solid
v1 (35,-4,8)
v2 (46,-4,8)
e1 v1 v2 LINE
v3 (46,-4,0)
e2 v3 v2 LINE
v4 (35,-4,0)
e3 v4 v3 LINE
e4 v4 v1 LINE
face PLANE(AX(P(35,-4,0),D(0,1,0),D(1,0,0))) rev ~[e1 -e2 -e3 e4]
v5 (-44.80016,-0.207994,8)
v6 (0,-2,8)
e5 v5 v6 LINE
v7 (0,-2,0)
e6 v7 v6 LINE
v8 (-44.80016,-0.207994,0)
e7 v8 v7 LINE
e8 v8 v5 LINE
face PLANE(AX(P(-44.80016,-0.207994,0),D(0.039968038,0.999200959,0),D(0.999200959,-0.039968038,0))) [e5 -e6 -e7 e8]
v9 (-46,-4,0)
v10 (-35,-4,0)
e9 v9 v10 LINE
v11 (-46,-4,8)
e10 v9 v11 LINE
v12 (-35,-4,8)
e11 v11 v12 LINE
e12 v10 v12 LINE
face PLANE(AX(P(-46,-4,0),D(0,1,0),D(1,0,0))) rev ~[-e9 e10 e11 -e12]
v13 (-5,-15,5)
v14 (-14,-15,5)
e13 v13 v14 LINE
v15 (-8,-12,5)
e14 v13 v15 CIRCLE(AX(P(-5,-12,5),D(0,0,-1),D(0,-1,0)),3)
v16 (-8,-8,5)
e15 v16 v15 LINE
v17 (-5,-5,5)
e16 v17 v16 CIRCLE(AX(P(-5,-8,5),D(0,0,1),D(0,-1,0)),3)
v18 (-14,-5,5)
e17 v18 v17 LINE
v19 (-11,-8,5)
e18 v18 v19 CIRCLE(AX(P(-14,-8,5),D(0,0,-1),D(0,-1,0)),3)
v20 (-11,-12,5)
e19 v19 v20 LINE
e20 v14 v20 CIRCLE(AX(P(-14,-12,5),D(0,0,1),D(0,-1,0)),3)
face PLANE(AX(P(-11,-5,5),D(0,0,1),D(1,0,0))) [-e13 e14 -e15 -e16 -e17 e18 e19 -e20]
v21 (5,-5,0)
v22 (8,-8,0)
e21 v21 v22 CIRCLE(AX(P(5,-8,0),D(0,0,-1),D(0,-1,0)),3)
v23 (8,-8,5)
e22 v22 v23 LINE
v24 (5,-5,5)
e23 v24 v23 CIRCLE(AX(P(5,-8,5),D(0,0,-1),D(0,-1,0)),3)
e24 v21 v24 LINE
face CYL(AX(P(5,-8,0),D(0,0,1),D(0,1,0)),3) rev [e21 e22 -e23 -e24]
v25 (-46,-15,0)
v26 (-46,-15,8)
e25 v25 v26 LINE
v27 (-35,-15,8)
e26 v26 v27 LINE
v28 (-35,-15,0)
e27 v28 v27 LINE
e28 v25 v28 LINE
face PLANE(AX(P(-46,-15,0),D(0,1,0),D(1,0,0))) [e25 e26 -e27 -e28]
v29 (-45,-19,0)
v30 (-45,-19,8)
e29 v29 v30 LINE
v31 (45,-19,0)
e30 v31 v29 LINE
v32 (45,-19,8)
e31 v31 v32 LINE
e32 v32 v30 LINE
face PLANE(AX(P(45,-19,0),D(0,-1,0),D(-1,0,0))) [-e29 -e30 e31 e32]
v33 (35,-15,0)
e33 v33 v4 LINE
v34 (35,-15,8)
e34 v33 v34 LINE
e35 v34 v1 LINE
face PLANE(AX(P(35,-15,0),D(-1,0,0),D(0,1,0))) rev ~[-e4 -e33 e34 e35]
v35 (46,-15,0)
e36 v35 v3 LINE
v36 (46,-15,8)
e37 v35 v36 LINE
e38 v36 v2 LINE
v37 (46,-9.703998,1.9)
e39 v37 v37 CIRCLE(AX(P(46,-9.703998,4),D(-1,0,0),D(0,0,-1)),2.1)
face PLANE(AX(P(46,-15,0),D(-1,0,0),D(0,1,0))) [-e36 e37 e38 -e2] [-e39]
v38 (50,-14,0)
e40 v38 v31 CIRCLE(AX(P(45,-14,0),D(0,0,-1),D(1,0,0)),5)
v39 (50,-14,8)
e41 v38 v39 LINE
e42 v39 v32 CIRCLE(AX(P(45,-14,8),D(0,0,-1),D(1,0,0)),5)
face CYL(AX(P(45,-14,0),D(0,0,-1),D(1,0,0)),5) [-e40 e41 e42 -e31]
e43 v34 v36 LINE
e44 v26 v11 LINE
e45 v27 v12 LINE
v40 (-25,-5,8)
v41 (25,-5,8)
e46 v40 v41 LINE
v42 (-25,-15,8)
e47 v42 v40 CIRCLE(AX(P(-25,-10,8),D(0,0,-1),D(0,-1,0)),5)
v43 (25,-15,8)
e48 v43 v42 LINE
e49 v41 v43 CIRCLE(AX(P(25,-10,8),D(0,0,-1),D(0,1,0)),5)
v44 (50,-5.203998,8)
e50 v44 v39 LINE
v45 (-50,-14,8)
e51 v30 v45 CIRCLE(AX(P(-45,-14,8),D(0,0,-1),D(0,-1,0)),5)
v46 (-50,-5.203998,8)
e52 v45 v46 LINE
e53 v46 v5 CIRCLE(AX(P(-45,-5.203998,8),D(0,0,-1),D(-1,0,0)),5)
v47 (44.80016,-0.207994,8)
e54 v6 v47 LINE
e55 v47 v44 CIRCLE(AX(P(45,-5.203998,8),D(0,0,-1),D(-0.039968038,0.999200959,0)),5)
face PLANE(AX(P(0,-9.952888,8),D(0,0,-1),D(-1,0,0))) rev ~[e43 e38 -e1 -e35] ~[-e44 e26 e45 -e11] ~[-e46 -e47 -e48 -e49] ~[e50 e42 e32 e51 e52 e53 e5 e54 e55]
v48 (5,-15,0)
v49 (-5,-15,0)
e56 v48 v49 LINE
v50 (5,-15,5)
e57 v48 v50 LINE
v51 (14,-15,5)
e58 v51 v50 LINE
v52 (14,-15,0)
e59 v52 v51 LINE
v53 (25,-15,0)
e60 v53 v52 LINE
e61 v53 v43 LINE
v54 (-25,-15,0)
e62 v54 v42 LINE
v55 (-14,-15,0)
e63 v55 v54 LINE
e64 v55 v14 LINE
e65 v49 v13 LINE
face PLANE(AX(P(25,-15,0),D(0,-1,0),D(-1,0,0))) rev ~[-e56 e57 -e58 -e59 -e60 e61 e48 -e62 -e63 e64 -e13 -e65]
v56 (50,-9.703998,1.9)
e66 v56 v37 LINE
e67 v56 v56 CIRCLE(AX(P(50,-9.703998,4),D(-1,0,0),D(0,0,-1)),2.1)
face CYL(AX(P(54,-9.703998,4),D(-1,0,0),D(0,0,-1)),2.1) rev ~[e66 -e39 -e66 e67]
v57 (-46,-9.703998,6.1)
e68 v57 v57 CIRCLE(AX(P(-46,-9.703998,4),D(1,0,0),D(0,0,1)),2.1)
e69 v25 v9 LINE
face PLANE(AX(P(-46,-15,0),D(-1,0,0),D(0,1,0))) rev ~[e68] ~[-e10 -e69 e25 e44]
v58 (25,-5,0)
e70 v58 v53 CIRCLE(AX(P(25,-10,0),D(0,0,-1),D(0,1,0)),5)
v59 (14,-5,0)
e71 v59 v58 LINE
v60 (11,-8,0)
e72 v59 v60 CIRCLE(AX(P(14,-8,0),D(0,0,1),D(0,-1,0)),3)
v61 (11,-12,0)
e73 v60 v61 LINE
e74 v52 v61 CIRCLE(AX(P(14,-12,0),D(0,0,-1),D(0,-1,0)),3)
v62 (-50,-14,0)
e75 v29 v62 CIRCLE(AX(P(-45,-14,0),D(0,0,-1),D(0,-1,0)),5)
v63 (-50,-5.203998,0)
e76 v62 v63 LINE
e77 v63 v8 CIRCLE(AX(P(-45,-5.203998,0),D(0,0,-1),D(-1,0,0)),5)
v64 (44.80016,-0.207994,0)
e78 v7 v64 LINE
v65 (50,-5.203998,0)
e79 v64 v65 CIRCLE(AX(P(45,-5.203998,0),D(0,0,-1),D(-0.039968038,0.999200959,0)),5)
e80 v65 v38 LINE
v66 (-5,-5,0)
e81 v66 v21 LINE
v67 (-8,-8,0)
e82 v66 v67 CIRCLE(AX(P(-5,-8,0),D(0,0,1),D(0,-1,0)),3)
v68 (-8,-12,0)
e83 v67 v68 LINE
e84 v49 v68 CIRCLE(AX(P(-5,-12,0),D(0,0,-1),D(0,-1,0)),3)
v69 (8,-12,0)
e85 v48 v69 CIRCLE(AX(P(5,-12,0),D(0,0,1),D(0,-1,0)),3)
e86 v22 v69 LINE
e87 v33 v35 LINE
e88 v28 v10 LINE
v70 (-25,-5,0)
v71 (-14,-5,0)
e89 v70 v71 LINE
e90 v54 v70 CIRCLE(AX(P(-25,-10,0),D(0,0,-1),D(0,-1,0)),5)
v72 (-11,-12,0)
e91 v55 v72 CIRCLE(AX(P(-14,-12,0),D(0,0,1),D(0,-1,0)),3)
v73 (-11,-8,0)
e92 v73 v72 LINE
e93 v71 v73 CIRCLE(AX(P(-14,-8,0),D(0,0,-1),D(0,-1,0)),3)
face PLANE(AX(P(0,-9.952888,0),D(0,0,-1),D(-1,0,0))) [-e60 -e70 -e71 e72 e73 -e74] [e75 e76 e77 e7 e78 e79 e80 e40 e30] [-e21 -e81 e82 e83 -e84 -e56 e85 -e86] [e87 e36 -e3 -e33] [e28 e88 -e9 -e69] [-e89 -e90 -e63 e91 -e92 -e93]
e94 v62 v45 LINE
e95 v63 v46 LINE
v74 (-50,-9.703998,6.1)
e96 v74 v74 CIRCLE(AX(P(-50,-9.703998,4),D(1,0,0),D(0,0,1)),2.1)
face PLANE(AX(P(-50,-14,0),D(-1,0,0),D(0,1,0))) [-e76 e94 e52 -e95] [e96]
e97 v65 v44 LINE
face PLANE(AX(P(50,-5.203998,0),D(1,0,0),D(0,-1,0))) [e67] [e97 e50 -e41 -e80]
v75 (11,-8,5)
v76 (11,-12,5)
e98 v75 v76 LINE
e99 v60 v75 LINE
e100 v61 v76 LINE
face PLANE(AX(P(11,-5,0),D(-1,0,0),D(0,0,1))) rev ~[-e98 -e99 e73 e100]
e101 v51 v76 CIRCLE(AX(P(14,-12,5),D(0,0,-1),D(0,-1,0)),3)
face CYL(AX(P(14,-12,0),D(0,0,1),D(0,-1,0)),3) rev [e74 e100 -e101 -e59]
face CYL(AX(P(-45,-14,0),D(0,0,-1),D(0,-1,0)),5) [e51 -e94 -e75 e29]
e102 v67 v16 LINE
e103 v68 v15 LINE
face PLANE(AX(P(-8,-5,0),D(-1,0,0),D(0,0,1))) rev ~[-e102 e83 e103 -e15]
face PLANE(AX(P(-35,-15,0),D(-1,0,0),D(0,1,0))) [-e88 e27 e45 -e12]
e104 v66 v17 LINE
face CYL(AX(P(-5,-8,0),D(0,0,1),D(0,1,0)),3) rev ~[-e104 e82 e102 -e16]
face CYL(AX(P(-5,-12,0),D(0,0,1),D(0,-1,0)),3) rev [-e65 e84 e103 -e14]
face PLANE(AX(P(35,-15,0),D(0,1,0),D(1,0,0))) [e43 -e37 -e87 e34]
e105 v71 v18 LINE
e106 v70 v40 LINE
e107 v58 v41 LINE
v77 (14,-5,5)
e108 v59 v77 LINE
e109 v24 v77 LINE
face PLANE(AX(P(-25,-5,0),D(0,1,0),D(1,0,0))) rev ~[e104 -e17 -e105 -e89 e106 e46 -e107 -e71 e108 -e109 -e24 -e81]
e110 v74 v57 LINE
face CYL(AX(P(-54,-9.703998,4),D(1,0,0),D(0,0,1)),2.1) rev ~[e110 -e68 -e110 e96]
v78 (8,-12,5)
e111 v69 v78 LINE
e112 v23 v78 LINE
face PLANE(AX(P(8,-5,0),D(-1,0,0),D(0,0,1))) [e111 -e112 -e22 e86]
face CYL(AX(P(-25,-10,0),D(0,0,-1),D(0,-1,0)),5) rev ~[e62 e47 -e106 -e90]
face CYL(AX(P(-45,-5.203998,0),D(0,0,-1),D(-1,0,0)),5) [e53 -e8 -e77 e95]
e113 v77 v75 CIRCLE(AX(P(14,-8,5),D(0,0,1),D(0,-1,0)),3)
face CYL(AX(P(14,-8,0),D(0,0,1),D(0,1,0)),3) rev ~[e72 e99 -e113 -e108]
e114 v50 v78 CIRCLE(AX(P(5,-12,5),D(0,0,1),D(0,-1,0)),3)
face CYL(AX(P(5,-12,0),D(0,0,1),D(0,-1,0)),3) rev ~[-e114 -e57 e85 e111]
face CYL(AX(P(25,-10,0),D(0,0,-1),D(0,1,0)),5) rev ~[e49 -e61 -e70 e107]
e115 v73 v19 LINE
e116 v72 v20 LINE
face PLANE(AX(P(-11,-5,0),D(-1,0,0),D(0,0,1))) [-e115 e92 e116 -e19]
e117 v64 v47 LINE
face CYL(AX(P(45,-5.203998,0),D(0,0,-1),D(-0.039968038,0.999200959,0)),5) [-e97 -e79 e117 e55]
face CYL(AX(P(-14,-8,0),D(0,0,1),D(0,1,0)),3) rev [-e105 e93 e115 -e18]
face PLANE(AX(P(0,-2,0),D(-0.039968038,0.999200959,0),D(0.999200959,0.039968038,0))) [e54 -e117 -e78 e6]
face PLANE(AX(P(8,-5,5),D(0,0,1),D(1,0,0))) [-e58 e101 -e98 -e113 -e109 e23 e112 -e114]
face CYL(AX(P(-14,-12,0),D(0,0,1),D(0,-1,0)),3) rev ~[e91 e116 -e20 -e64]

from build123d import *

# Parameters (mm, degrees)
SKETCH1_W                       = 11
SKETCH1_H                       = 11
BOSS_EXTRUDE1_DEPTH             = 8
BOSS_EXTRUDE2_REACH             = 16
SKETCH2_W                       = 3
SKETCH2_H                       = 5
FILLET1_R                       = 3
M5_TAPPED_HOLE1_D               = 4.2
M5_TAPPED_HOLE1_DEPTH           = 4
M5_TAPPED_HOLE1_ON_FACE_2_D     = 4.2
M5_TAPPED_HOLE1_ON_FACE_2_DEPTH = 4


with BuildPart() as part:
    # Sketch1 → Boss-Extrude1 (new body)
    with BuildSketch(Plane.XY):
        with BuildLine():
            Line((50, -5.203998401), (50, -14))
            ThreePointArc((50, -14), (48.535533906, -17.535533906), (45, -19))
            Line((45, -19), (-45, -19))
            ThreePointArc((-45, -19), (-48.535533906, -17.535533906), (-50, -14))
            Line((-50, -14), (-50, -5.203998401))
            ThreePointArc((-50, -5.203998401), (-48.46415928, -1.59850253), (-44.800159808, -0.207993608))
            Line((-44.800159808, -0.207993608), (0, -2))
            Line((0, -2), (44.800159808, -0.207993608))
            ThreePointArc((44.800159808, -0.207993608), (48.46415928, -1.59850253), (50, -5.203998401))
        make_face()
        with Locations((-40.5, -9.5)):
            Rectangle(SKETCH1_W, SKETCH1_H, mode=Mode.SUBTRACT)
        with Locations((40.5, -9.5)):
            Rectangle(SKETCH1_W, SKETCH1_H, mode=Mode.SUBTRACT)
        with BuildLine():
            Line((-25, -5), (25, -5))
            ThreePointArc((25, -5), (30, -10), (25, -15))
            Line((25, -15), (-25, -15))
            ThreePointArc((-25, -15), (-30, -10), (-25, -5))
        make_face(mode=Mode.SUBTRACT)
    extrude(amount=BOSS_EXTRUDE1_DEPTH)

    # Sketch2 → Boss-Extrude2 (add, up to next)
    with BuildSketch(Plane.XZ.offset(5), mode=Mode.PRIVATE) as boss_extrude2_sk1:
        with Locations((-9.5, 2.5)):
            Rectangle(SKETCH2_W, SKETCH2_H)
    boss_extrude2_tool1 = extrude(boss_extrude2_sk1.sketch, amount=BOSS_EXTRUDE2_REACH, mode=Mode.PRIVATE) - part.part
    add(boss_extrude2_tool1.solids().sort_by_distance((-9.5, -5, 2.5))[0])
    # Sketch2 → Boss-Extrude2 (add, up to next)
    with BuildSketch(Plane.XZ.offset(5), mode=Mode.PRIVATE) as boss_extrude2_sk2:
        with Locations((9.5, 2.5)):
            Rectangle(SKETCH2_W, SKETCH2_H)
    boss_extrude2_tool2 = extrude(boss_extrude2_sk2.sketch, amount=BOSS_EXTRUDE2_REACH, mode=Mode.PRIVATE) - part.part
    add(boss_extrude2_tool2.solids().sort_by_distance((9.5, -5, 2.5))[0])

    # Fillet1
    fillet1_edges = [part.edges().sort_by_distance(p)[0] for p in [
        (-8, -15, 2.5),
        (-8, -5, 2.5),
        (-11, -15, 2.5),
        (-11, -5, 2.5),
        (11, -15, 2.5),
        (11, -5, 2.5),
        (8, -15, 2.5),
        (8, -5, 2.5),
    ]]
    fillet(fillet1_edges, radius=FILLET1_R)

    # M5 Tapped Hole1
    with Locations(Plane(origin=(-50, -9.703998401, 4), x_dir=(0, 0, -1), z_dir=(-1, 0, 0))):
        with Locations((0, 0)):
            Hole(M5_TAPPED_HOLE1_D / 2, depth=M5_TAPPED_HOLE1_DEPTH)

    # M5 Tapped Hole1 on face 2
    with Locations(Plane(origin=(50, -9.703998401, 4), x_dir=(0, 0, 1), z_dir=(1, 0, 0))):
        with Locations((0, 0)):
            Hole(M5_TAPPED_HOLE1_ON_FACE_2_D / 2, depth=M5_TAPPED_HOLE1_ON_FACE_2_DEPTH)


solid = part.part
